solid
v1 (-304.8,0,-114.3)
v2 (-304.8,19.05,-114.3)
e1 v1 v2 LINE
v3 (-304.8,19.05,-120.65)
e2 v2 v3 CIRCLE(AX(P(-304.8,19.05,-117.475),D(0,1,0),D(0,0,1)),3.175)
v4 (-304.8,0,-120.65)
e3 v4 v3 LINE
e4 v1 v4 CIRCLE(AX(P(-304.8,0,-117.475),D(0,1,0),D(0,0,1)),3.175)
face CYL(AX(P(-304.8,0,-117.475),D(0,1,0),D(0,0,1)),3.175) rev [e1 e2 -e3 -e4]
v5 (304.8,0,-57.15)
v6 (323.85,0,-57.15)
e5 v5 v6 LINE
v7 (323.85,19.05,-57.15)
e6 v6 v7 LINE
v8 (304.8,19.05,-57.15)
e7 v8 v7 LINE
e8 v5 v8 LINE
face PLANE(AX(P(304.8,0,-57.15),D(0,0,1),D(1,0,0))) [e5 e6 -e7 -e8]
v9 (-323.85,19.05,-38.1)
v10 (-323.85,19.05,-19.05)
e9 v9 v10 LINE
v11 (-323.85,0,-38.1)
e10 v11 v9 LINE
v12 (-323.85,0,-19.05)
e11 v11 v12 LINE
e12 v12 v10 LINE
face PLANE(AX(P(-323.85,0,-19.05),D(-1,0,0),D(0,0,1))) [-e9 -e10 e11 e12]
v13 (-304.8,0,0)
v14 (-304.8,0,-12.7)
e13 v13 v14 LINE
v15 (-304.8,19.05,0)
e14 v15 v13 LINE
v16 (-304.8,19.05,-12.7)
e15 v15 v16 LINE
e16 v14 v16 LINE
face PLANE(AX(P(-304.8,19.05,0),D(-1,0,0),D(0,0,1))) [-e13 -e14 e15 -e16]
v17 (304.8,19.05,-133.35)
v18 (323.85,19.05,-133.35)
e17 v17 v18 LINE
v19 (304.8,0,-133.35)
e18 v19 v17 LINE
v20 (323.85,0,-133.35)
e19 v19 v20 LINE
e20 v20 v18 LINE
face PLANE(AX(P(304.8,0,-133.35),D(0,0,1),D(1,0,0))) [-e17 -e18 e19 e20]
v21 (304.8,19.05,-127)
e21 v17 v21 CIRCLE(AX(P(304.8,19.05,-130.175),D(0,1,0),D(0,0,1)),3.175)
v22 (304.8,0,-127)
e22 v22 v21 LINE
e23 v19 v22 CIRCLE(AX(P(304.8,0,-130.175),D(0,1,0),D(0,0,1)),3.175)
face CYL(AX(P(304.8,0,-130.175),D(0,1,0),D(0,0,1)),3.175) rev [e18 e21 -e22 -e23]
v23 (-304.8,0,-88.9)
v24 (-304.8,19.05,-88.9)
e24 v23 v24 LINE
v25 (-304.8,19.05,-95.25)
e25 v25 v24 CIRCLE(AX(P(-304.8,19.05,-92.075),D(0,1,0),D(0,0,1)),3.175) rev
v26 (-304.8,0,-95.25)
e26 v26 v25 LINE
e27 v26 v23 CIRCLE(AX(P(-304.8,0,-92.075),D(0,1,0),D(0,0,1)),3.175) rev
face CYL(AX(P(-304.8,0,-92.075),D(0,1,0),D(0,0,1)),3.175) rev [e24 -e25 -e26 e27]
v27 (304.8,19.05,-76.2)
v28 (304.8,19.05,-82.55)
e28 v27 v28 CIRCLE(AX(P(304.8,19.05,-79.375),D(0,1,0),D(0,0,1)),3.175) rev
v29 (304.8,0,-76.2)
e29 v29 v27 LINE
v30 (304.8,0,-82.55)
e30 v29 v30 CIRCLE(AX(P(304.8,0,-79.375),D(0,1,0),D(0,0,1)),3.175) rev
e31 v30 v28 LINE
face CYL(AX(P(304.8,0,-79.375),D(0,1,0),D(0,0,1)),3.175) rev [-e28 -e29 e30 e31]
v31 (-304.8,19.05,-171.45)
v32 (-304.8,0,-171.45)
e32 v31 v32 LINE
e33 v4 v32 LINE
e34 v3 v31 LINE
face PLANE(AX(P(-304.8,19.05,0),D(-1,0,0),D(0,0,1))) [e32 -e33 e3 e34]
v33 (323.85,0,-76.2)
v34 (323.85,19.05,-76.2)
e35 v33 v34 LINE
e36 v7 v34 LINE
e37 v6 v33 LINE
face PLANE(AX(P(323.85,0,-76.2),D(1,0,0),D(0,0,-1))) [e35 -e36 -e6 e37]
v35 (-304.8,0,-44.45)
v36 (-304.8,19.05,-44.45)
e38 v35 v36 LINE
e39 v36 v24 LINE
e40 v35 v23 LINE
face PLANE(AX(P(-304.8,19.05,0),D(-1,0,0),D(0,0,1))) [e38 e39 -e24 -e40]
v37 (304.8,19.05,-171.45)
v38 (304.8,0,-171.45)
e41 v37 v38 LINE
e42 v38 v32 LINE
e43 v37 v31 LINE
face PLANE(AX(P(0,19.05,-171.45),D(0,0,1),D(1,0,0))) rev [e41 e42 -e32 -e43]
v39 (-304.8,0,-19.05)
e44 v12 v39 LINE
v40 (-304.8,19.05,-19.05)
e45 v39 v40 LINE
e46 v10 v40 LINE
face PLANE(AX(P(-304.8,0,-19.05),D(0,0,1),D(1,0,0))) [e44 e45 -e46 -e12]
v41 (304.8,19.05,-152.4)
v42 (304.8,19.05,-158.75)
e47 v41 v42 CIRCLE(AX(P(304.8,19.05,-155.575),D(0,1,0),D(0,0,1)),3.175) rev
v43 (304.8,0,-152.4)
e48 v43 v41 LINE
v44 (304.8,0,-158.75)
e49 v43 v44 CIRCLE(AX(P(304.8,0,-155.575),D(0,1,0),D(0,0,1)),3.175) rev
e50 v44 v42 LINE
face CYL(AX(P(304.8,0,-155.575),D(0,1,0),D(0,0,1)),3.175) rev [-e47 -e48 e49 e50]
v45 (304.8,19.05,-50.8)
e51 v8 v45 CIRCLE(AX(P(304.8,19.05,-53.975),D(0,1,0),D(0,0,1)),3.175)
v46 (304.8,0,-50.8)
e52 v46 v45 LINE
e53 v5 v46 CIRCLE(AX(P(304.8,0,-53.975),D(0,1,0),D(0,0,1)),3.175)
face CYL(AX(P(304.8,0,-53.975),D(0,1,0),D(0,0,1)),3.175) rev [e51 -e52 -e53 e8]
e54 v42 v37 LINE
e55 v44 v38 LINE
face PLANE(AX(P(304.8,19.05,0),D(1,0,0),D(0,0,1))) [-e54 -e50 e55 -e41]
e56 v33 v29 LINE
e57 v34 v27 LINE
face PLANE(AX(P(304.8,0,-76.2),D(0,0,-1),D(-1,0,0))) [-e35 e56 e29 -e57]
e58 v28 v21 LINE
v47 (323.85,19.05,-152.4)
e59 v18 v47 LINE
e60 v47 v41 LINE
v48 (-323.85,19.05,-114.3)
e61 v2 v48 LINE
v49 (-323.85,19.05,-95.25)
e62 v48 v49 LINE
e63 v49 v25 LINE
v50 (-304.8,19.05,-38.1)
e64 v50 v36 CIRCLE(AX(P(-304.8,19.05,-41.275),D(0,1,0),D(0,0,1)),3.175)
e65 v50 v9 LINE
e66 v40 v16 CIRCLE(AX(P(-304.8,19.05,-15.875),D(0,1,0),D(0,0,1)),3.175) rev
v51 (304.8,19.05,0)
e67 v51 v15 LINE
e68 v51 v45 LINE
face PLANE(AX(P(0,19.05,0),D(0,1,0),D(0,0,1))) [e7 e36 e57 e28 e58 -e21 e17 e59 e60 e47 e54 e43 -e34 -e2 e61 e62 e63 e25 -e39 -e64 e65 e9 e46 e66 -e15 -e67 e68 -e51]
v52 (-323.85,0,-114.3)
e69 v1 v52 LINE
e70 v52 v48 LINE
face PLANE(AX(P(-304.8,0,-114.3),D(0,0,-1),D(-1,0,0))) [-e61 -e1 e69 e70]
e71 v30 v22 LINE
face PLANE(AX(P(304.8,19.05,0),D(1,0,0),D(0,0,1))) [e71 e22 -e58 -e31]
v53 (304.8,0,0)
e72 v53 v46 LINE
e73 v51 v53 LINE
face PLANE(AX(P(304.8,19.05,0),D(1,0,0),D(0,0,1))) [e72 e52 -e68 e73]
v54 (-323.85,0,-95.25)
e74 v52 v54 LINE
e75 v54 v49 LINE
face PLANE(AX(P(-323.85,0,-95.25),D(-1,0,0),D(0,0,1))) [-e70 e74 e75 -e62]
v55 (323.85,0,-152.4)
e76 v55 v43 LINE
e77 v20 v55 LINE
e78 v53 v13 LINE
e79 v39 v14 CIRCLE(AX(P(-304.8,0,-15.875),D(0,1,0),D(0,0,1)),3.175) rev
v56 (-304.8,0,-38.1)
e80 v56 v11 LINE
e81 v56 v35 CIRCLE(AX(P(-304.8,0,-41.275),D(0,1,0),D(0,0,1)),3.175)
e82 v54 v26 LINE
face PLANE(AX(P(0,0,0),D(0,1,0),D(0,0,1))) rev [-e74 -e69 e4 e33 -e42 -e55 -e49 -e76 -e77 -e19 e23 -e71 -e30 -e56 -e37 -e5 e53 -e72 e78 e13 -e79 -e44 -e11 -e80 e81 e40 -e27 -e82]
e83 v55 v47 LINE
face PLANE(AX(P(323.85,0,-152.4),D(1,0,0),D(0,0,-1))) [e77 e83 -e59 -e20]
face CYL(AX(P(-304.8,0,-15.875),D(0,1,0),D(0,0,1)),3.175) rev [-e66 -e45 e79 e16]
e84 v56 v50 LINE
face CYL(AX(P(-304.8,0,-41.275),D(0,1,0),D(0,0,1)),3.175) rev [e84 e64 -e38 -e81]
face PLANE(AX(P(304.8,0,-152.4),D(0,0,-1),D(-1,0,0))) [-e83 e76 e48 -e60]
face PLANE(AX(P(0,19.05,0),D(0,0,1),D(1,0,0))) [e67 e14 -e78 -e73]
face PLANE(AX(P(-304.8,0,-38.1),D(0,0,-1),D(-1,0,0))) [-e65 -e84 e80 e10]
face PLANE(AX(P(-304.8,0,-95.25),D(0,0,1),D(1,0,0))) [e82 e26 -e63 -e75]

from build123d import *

# Parameters (mm, degrees)
SKETCH1_W               = 304.8
SKETCH1_H               = 171.45
BOSS_EXTRUDE1_DEPTH     = 19.05
SKETCH2_W               = 19.05
SKETCH2_H               = 19.05
BOSS_EXTRUDE2_DEPTH     = 19.05
SKETCH3_W               = 19.05
SKETCH3_H               = 19.05
CUT_EXTRUDE1_DEPTH      = 367.928913415
CUT_EXTRUDE2_DEPTH      = 367.928913415
CUT_EXTRUDE2_DEPTH_BACK = 367.928913415
CUT_EXTRUDE3_DEPTH      = 367.928913415
CUT_EXTRUDE3_DEPTH_BACK = 367.928913415
CUT_EXTRUDE4_DEPTH      = 367.928913415
SKETCH9_W               = 241.3
SKETCH9_H               = 171.45
BOSS_EXTRUDE3_DEPTH     = 19.05


with BuildPart() as part:
    # Sketch1 → Boss-Extrude1 (new body)
    with BuildSketch(Plane(origin=(0, 0, 0), x_dir=(1, 0, 0), z_dir=(0, 1, 0))):
        with Locations((-152.4, 85.725)):
            Rectangle(SKETCH1_W, SKETCH1_H)
    extrude(amount=BOSS_EXTRUDE1_DEPTH)

    # Mirror1: part across plane


with BuildPart() as part_1:
    add(part.part)
    add(part.part.mirror(Plane(origin=(0, 19.05, 0), x_dir=(0, 0, 1), z_dir=(-1, 0, 0))))

    # Sketch2 → Boss-Extrude2 (add)
    with BuildSketch(Plane(origin=(0, 19.05, 0), x_dir=(1, 0, 0), z_dir=(0, 1, 0))):
        with Locations((-314.325, 28.575)):
            Rectangle(SKETCH2_W, SKETCH2_H)
        with Locations((-314.325, 104.775)):
            Rectangle(SKETCH2_W, SKETCH2_H)
        with Locations((314.325, 142.875)):
            Rectangle(SKETCH2_W, SKETCH2_H)
        with Locations((314.325, 66.675)):
            Rectangle(SKETCH2_W, SKETCH2_H)
    extrude(amount=-BOSS_EXTRUDE2_DEPTH)

    # Sketch3 → Cut-Extrude1 (cut, symmetric)
    with BuildSketch(Plane(origin=(0, 19.05, 0), x_dir=(1, 0, 0), z_dir=(0, 1, 0))):
        with Locations((-104.775, 9.525)):
            Rectangle(SKETCH3_W, SKETCH3_H)
        with Locations((-104.775, 161.925)):
            Rectangle(SKETCH3_W, SKETCH3_H)
    cut_extrude1 = extrude(amount=CUT_EXTRUDE1_DEPTH, both=True, mode=Mode.SUBTRACT)

    # Mirror2: Cut-Extrude1 across plane
    add(cut_extrude1.mirror(Plane(origin=(0, 0, 0), x_dir=(0, 0, 1), z_dir=(1, 0, 0))), mode=Mode.SUBTRACT)

    # Sketch5 → Cut-Extrude2 (cut, two sides: drawn at the far end of the back side and taken through both)
    with BuildSketch(Plane(origin=(0, 19.05, 0), x_dir=(1, 0, 0), z_dir=(0, 1, 0)).offset(-CUT_EXTRUDE2_DEPTH_BACK)):
        with BuildLine():
            Line((9.525, 131.490128061), (9.525, 141.559871939))
            ThreePointArc((9.525, 141.559871939), (9.525, 146.05), (5.034871939, 146.05))
            Line((5.034871939, 146.05), (-5.034871939, 146.05))
            ThreePointArc((-5.034871939, 146.05), (-9.525, 146.05), (-9.525, 141.559871939))
            Line((-9.525, 141.559871939), (-9.525, 131.490128061))
            ThreePointArc((-9.525, 131.490128061), (-9.525, 127), (-5.034871939, 127))
            Line((-5.034871939, 127), (5.034871939, 127))
            ThreePointArc((5.034871939, 127), (9.525, 127), (9.525, 131.490128061))
        make_face()
        with BuildLine():
            Line((9.525, 80.690128061), (9.525, 90.759871939))
            ThreePointArc((9.525, 90.759871939), (9.525, 95.25), (5.034871939, 95.25))
            Line((5.034871939, 95.25), (-5.034871939, 95.25))
            ThreePointArc((-5.034871939, 95.25), (-9.525, 95.25), (-9.525, 90.759871939))
            Line((-9.525, 90.759871939), (-9.525, 80.690128061))
            ThreePointArc((-9.525, 80.690128061), (-9.525, 76.2), (-5.034871939, 76.2))
            Line((-5.034871939, 76.2), (5.034871939, 76.2))
            ThreePointArc((5.034871939, 76.2), (9.525, 76.2), (9.525, 80.690128061))
        make_face()
        with BuildLine():
            Line((9.525, 29.890128061), (9.525, 39.959871939))
            ThreePointArc((9.525, 39.959871939), (9.525, 44.45), (5.034871939, 44.45))
            Line((5.034871939, 44.45), (-5.034871939, 44.45))
            ThreePointArc((-5.034871939, 44.45), (-9.525, 44.45), (-9.525, 39.959871939))
            Line((-9.525, 39.959871939), (-9.525, 29.890128061))
            ThreePointArc((-9.525, 29.890128061), (-9.525, 25.4), (-5.034871939, 25.4))
            Line((-5.034871939, 25.4), (5.034871939, 25.4))
            ThreePointArc((5.034871939, 25.4), (9.525, 25.4), (9.525, 29.890128061))
        make_face()
    extrude(amount=CUT_EXTRUDE2_DEPTH + CUT_EXTRUDE2_DEPTH_BACK, mode=Mode.SUBTRACT)

    # Sketch6 → Cut-Extrude3 (cut, two sides: drawn at the far end of the back side and taken through both)
    with BuildSketch(Plane(origin=(0, 19.05, 0), x_dir=(1, 0, 0), z_dir=(0, 1, 0)).offset(-CUT_EXTRUDE3_DEPTH_BACK)):
        with BuildLine():
            Line((-114.3, 166.959871939), (-114.3, 156.890128061))
            ThreePointArc((-114.3, 156.890128061), (-114.3, 152.4), (-109.809871939, 152.4))
            Line((-109.809871939, 152.4), (-99.740128061, 152.4))
            ThreePointArc((-99.740128061, 152.4), (-95.25, 152.4), (-95.25, 156.890128061))
            Line((-95.25, 156.890128061), (-95.25, 166.959871939))
            Line((-95.25, 166.959871939), (-114.3, 166.959871939))
        make_face()
        with BuildLine():
            ThreePointArc((114.3, 156.890128061), (114.3, 152.4), (109.809871939, 152.4))
            Line((109.809871939, 152.4), (99.740128061, 152.4))
            ThreePointArc((99.740128061, 152.4), (95.25, 152.4), (95.25, 156.890128061))
            Line((95.25, 156.890128061), (95.25, 166.959871939))
            Line((95.25, 166.959871939), (114.3, 166.959871939))
            Line((114.3, 166.959871939), (114.3, 156.890128061))
        make_face()
        with BuildLine():
            ThreePointArc((95.25, 14.559871939), (95.25, 19.05), (99.740128061, 19.05))
            Line((99.740128061, 19.05), (109.809871939, 19.05))
            ThreePointArc((109.809871939, 19.05), (114.3, 19.05), (114.3, 14.559871939))
            Line((114.3, 14.559871939), (114.3, 4.490128061))
            Line((114.3, 4.490128061), (95.25, 4.490128061))
            Line((95.25, 4.490128061), (95.25, 14.559871939))
        make_face()
        with BuildLine():
            Line((-95.25, 4.490128061), (-95.25, 14.559871939))
            ThreePointArc((-95.25, 14.559871939), (-95.25, 19.05), (-99.740128061, 19.05))
            Line((-99.740128061, 19.05), (-109.809871939, 19.05))
            ThreePointArc((-109.809871939, 19.05), (-114.3, 19.05), (-114.3, 14.559871939))
            Line((-114.3, 14.559871939), (-114.3, 4.490128061))
            Line((-114.3, 4.490128061), (-95.25, 4.490128061))
        make_face()
    extrude(amount=CUT_EXTRUDE3_DEPTH + CUT_EXTRUDE3_DEPTH_BACK, mode=Mode.SUBTRACT)

    # Sketch8 → Cut-Extrude4 (cut, through all)
    with BuildSketch(Plane(origin=(0, 19.05, 0), x_dir=(1, 0, 0), z_dir=(0, 1, 0))):
        with BuildLine():
            Line((-304.8, 120.65), (-304.8, 114.3))
            ThreePointArc((-304.8, 114.3), (-301.625, 117.475), (-304.8, 120.65))
        make_face()
        with BuildLine():
            Line((-304.8, 95.25), (-304.8, 88.9))
            ThreePointArc((-304.8, 88.9), (-301.625, 92.075), (-304.8, 95.25))
        make_face()
        with BuildLine():
            Line((-304.8, 44.45), (-304.8, 38.1))
            ThreePointArc((-304.8, 38.1), (-301.625, 41.275), (-304.8, 44.45))
        make_face()
        with BuildLine():
            Line((-304.8, 19.05), (-304.8, 12.7))
            ThreePointArc((-304.8, 12.7), (-301.625, 15.875), (-304.8, 19.05))
        make_face()
        with BuildLine():
            ThreePointArc((304.8, 158.75), (301.625, 155.575), (304.8, 152.4))
            Line((304.8, 152.4), (304.8, 158.75))
        make_face()
        with BuildLine():
            ThreePointArc((304.8, 133.35), (301.625, 130.175), (304.8, 127))
            Line((304.8, 127), (304.8, 133.35))
        make_face()
        with BuildLine():
            ThreePointArc((304.8, 57.15), (301.625, 53.975), (304.8, 50.8))
            Line((304.8, 50.8), (304.8, 57.15))
        make_face()
        with BuildLine():
            ThreePointArc((304.8, 82.55), (301.625, 79.375), (304.8, 76.2))
            Line((304.8, 76.2), (304.8, 82.55))
        make_face()
    extrude(amount=-CUT_EXTRUDE4_DEPTH, mode=Mode.SUBTRACT)

    # Sketch9 → Boss-Extrude3 (add)
    with BuildSketch(Plane(origin=(0, 19.05, 0), x_dir=(1, 0, 0), z_dir=(0, 1, 0))):
        with Locations((0, 85.725)):
            Rectangle(SKETCH9_W, SKETCH9_H)
    extrude(amount=-BOSS_EXTRUDE3_DEPTH)


solid = part_1.part
